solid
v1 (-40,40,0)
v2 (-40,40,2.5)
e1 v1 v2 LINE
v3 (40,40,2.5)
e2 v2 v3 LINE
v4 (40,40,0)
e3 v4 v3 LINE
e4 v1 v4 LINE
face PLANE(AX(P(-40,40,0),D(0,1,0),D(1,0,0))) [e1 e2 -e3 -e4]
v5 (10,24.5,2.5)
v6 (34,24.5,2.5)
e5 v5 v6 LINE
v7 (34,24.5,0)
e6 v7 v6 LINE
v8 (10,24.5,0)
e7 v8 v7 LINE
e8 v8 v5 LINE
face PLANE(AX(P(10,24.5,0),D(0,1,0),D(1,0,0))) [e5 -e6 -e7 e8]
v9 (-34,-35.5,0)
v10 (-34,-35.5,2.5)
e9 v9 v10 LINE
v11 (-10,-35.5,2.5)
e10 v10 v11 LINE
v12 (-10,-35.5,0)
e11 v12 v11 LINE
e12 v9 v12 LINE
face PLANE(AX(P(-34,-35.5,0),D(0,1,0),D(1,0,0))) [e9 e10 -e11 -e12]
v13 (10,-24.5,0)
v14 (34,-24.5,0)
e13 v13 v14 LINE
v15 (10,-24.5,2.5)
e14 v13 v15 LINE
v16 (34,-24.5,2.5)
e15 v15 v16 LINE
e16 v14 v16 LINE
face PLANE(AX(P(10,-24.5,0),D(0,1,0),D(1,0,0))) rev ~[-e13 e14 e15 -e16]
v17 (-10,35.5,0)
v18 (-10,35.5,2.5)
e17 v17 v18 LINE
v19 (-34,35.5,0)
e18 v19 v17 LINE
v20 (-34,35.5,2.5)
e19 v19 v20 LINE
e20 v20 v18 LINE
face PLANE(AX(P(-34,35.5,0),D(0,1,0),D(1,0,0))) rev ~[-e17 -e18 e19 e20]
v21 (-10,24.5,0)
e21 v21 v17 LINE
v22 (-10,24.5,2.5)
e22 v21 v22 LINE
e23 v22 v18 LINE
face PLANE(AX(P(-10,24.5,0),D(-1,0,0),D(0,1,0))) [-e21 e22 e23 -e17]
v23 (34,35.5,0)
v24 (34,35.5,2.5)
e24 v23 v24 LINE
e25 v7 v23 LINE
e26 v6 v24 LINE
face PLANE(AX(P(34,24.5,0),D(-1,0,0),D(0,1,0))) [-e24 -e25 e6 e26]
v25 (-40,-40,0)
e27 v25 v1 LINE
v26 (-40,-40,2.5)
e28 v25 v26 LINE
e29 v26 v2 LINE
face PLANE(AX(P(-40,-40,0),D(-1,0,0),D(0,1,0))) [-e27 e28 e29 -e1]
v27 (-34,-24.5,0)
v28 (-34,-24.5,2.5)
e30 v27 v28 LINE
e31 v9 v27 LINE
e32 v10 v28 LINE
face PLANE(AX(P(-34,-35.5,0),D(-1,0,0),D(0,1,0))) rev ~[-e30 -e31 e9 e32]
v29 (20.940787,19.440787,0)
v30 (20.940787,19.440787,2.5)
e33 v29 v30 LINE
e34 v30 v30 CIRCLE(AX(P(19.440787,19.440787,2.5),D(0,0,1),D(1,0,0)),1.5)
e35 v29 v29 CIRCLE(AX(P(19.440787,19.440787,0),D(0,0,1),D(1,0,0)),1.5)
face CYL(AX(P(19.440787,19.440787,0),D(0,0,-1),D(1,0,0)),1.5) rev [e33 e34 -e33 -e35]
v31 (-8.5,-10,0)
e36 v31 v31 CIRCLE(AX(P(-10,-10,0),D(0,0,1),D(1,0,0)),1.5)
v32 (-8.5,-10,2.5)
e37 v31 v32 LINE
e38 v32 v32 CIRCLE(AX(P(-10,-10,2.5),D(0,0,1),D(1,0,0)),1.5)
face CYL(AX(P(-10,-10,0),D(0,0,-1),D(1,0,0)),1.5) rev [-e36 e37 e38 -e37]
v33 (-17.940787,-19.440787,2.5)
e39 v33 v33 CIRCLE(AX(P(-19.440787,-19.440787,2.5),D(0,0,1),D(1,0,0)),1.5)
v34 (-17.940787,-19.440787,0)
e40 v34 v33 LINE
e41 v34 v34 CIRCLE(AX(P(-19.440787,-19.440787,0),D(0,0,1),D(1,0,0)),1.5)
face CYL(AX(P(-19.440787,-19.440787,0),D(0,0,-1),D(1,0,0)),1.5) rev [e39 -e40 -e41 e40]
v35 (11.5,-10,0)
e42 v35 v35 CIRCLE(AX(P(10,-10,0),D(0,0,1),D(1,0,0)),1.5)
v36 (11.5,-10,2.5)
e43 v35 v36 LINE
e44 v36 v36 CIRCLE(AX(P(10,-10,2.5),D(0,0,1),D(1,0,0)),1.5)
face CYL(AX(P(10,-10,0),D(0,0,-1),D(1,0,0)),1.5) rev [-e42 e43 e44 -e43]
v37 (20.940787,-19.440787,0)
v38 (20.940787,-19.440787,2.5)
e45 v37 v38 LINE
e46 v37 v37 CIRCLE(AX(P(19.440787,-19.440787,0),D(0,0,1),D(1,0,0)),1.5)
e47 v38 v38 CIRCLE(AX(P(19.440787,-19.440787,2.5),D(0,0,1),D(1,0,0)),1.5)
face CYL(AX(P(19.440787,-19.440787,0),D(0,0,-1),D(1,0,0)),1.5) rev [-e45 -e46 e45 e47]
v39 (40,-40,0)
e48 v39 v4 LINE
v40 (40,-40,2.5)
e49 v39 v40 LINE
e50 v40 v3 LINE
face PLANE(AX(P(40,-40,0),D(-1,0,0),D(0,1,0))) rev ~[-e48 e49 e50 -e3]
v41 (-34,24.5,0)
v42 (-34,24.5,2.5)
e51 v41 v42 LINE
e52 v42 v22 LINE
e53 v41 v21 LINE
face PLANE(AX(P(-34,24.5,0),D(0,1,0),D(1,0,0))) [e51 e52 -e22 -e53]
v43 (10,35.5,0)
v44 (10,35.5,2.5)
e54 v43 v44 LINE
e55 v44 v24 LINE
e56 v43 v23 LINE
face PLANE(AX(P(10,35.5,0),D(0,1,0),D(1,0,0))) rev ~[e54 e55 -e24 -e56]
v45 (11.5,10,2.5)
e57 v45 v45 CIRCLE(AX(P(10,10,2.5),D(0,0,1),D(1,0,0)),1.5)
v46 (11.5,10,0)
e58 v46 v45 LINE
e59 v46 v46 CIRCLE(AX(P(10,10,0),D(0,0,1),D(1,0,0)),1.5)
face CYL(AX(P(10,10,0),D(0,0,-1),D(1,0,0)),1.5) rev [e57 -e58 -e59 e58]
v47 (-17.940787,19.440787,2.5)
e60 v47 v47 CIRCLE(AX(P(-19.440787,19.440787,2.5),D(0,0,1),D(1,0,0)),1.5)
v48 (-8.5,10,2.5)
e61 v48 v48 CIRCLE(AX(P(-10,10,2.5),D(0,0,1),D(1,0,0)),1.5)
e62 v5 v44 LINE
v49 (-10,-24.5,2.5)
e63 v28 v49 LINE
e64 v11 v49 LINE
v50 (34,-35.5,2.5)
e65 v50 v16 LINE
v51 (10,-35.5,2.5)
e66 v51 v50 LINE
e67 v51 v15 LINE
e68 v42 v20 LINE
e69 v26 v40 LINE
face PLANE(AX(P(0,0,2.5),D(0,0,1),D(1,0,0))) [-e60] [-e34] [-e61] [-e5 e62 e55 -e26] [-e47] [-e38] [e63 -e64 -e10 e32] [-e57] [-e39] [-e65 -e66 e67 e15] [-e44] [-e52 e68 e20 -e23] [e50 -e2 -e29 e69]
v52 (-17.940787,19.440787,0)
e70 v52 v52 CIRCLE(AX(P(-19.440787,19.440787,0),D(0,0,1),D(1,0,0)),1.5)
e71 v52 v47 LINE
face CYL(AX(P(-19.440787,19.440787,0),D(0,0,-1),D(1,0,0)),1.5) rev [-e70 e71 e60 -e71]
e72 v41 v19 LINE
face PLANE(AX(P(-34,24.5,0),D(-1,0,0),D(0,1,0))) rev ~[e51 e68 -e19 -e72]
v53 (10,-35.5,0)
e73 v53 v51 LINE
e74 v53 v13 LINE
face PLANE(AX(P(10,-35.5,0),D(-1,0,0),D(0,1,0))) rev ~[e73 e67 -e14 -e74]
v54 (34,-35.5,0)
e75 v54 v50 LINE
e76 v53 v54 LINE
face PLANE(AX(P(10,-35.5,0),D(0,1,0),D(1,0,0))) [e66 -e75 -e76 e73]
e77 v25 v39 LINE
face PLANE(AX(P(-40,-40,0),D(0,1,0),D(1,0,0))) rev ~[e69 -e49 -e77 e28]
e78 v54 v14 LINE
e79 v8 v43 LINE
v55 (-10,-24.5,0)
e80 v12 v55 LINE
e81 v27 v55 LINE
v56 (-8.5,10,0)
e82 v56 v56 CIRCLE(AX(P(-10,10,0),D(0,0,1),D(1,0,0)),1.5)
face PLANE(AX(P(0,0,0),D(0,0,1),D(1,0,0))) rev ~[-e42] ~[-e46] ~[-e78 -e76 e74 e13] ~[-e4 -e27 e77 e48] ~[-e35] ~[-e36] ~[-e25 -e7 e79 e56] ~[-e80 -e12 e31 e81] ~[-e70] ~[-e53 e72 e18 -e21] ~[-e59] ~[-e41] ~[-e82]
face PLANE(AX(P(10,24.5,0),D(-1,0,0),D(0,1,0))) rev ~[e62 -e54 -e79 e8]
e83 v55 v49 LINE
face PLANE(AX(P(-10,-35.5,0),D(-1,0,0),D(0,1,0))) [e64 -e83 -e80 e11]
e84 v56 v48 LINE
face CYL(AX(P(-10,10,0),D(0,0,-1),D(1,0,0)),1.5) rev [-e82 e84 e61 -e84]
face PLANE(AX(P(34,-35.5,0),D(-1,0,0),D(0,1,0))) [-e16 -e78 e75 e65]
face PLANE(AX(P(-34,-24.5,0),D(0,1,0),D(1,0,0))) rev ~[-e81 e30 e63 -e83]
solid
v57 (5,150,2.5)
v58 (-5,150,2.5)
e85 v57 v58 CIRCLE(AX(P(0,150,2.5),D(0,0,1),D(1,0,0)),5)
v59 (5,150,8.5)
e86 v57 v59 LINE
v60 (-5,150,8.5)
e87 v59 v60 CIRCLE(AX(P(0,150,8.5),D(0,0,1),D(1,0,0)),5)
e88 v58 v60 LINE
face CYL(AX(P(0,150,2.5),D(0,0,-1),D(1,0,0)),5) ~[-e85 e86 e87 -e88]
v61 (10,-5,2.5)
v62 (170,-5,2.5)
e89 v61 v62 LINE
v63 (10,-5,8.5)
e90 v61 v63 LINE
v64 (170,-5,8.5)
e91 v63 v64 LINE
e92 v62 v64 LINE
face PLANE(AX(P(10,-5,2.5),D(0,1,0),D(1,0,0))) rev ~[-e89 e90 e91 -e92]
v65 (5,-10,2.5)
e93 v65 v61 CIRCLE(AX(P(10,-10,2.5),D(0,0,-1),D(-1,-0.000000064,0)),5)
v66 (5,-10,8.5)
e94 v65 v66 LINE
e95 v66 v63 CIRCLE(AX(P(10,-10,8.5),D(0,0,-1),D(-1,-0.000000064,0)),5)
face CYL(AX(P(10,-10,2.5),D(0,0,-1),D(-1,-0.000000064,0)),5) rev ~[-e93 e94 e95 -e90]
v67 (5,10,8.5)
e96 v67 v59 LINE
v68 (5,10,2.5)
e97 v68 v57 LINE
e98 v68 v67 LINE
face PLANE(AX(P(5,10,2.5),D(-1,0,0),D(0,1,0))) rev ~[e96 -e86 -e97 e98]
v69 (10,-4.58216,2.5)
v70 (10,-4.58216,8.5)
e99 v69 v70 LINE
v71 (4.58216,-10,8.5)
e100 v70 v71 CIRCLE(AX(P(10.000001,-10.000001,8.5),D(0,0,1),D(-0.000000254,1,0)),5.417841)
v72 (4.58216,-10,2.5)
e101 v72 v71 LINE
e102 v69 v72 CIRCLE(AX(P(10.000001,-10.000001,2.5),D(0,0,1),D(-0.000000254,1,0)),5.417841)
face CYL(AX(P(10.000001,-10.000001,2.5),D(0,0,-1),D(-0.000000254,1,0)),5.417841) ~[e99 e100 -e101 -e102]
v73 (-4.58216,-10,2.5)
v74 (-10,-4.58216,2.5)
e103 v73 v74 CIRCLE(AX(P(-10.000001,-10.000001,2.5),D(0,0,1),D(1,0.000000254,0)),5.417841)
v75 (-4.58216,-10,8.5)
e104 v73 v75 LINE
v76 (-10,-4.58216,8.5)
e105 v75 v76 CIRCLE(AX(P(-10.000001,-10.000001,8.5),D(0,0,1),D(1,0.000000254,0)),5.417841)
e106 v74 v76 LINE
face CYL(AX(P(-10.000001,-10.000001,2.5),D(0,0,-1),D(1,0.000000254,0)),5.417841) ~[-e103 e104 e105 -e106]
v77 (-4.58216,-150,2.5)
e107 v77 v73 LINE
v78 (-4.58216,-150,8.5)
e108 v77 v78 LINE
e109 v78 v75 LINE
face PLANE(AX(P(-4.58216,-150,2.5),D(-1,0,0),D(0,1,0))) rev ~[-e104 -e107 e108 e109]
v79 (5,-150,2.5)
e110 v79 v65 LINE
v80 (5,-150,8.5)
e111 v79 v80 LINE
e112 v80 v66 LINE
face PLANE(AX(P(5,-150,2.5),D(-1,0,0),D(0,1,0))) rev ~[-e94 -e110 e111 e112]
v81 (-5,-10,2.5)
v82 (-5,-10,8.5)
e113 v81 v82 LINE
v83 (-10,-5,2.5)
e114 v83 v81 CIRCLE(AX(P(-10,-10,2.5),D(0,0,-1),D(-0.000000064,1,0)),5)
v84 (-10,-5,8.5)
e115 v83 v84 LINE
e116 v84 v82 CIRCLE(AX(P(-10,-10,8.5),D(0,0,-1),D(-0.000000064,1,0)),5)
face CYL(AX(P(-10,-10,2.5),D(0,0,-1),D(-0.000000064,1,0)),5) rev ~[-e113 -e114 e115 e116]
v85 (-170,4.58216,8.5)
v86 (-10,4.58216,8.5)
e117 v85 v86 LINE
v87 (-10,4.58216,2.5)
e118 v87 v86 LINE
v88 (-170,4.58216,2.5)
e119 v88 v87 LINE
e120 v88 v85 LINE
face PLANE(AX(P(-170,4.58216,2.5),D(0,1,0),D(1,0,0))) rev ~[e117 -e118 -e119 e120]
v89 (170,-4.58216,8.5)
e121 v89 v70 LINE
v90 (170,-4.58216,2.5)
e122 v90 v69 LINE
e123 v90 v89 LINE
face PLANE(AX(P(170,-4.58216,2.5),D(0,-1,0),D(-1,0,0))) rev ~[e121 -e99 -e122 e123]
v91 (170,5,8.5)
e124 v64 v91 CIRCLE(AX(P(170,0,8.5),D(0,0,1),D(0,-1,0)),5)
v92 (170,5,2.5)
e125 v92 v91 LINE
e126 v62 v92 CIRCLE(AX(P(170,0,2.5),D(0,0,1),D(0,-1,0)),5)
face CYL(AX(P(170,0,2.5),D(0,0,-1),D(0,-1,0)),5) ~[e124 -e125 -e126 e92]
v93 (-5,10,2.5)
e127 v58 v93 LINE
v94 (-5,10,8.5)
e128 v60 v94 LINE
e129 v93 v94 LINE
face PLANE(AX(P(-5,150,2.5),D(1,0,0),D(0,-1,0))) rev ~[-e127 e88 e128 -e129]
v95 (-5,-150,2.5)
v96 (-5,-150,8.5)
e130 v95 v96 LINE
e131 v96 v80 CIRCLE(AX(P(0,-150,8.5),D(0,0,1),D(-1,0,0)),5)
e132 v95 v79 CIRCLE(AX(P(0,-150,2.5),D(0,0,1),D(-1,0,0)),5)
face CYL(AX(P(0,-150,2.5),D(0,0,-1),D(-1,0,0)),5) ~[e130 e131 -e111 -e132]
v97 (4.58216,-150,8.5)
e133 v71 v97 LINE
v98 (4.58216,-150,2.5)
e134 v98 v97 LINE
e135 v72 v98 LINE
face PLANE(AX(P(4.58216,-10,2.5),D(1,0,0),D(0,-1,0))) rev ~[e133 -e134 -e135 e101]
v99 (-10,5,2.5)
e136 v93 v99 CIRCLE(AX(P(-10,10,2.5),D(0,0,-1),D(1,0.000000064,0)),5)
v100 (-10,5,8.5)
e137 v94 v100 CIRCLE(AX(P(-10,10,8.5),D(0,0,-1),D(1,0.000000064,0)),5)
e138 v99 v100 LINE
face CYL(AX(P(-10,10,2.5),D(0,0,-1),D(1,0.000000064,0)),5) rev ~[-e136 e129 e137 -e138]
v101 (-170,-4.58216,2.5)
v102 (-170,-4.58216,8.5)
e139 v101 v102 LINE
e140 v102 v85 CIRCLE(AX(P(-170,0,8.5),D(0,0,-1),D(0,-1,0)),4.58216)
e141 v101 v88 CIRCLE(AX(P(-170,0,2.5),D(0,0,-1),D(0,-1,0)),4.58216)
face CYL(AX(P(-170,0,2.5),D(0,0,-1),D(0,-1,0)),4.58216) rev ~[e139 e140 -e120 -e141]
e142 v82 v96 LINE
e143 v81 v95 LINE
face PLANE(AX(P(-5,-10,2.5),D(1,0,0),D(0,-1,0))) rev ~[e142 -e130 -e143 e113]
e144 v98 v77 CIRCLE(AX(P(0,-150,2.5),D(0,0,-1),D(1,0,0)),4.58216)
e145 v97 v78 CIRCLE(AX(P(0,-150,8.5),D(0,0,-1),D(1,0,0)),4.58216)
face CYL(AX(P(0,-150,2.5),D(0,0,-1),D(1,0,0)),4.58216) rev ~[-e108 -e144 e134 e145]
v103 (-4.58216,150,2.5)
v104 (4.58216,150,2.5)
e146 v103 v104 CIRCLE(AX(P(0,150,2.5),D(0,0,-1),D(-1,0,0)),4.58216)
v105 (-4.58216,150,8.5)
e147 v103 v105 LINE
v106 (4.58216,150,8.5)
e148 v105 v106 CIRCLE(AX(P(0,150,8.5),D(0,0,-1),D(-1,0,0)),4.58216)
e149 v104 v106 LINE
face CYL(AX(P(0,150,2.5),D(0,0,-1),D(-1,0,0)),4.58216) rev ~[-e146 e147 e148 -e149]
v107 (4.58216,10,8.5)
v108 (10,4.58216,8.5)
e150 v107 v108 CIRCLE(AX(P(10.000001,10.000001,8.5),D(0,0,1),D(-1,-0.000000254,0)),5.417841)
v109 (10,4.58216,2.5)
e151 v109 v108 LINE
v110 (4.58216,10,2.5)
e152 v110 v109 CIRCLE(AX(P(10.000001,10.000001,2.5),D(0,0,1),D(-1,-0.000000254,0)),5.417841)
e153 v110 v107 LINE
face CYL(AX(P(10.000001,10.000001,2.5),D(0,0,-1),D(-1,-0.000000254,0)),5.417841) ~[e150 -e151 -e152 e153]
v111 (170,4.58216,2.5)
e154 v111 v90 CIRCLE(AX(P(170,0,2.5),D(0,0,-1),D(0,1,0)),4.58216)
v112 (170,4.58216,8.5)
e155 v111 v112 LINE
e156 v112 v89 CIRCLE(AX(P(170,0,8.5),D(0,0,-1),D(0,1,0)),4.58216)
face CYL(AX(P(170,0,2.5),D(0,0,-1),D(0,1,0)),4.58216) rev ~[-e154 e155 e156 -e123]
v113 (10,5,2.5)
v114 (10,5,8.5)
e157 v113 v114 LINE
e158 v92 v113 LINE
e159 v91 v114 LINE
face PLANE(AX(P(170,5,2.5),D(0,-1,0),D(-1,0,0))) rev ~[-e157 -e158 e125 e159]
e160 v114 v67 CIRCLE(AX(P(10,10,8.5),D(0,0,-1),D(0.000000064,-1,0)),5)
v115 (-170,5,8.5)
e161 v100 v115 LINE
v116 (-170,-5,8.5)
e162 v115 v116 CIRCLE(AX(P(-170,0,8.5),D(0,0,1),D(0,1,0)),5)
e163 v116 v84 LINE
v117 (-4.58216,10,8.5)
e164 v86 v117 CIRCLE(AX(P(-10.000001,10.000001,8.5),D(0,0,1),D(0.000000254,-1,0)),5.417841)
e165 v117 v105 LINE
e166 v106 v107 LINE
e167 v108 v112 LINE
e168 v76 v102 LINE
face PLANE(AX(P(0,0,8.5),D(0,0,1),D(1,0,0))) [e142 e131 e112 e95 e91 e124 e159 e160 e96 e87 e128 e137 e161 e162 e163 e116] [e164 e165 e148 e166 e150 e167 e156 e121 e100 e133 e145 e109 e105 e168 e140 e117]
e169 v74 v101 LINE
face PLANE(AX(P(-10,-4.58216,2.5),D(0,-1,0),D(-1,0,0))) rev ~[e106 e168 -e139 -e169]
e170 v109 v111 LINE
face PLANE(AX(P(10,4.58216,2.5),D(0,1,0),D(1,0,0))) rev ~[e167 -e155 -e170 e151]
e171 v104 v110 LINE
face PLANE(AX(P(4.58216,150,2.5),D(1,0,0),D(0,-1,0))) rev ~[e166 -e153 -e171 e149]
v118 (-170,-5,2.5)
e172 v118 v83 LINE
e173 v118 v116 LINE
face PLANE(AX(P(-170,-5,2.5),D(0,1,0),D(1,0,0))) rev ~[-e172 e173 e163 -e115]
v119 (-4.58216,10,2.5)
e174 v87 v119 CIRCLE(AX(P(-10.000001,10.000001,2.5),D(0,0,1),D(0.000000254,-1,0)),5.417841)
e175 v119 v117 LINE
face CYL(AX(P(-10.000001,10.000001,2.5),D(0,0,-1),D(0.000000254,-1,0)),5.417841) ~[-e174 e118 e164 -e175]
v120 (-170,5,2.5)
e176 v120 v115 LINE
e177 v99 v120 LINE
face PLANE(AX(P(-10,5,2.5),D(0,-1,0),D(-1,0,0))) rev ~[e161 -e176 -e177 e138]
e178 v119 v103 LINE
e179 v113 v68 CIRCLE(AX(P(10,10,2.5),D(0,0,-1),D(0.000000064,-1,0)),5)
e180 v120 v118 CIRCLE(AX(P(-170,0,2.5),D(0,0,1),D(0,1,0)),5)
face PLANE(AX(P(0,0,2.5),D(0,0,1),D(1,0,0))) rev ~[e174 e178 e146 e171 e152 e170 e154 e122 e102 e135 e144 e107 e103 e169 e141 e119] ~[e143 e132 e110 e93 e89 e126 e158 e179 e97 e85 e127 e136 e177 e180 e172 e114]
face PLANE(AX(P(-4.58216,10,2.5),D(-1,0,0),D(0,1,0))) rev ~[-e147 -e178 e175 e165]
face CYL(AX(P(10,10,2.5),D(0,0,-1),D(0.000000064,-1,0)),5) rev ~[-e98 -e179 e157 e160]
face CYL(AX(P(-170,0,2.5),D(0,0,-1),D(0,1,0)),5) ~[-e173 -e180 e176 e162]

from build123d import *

# Parameters (mm, degrees)
F0_W     = 80
F0_H     = 80
F0_W_2   = 24
F0_H_2   = 11
F0_R     = 1.5
F1_DEPTH = 2.5
F3_DEPTH = 6


with BuildPart() as f1:
    # F0 (on Top) → F1 (new body)
    with BuildSketch(Plane.XY):
        Rectangle(F0_W, F0_H)
        with Locations((-22, -30)):
            Rectangle(F0_W_2, F0_H_2, mode=Mode.SUBTRACT)
        with Locations((-19.440787, -19.440787)):
            Circle(F0_R, mode=Mode.SUBTRACT)
        with Locations((-10, -10)):
            Circle(F0_R, mode=Mode.SUBTRACT)
        with Locations((22, -30)):
            Rectangle(F0_W_2, F0_H_2, mode=Mode.SUBTRACT)
        with Locations((19.440787, -19.440787)):
            Circle(F0_R, mode=Mode.SUBTRACT)
        with Locations((10, -10)):
            Circle(F0_R, mode=Mode.SUBTRACT)
        with Locations((-19.440787, 19.440787)):
            Circle(F0_R, mode=Mode.SUBTRACT)
        with Locations((-10, 10)):
            Circle(F0_R, mode=Mode.SUBTRACT)
        with Locations((-22, 30)):
            Rectangle(F0_W_2, F0_H_2, mode=Mode.SUBTRACT)
        with Locations((10, 10)):
            Circle(F0_R, mode=Mode.SUBTRACT)
        with Locations((19.440787, 19.440787)):
            Circle(F0_R, mode=Mode.SUBTRACT)
        with Locations((22, 30)):
            Rectangle(F0_W_2, F0_H_2, mode=Mode.SUBTRACT)
    extrude(amount=F1_DEPTH)


with BuildPart() as f3:
    # F2 (on face) → F3 (new body)
    with BuildSketch(Plane.XY.offset(2.5)):
        with BuildLine():
            Line((-10, 5), (-170, 5))
            ThreePointArc((-170, 5), (-175, 0), (-170, -5))
            Line((-170, -5), (-10, -5))
            ThreePointArc((-10, -5), (-6.464466, -6.464466), (-5, -10))
            Line((-5, -10), (-5, -150))
            ThreePointArc((-5, -150), (0, -155), (5, -150))
            Line((5, -150), (5, -10))
            ThreePointArc((5, -10), (6.464466, -6.464466), (10, -5))
            Line((10, -5), (170, -5))
            ThreePointArc((170, -5), (175, 0), (170, 5))
            Line((170, 5), (10, 5))
            ThreePointArc((10, 5), (6.464466, 6.464466), (5, 10))
            Line((5, 10), (5, 150))
            ThreePointArc((5, 150), (0, 155), (-5, 150))
            Line((-5, 150), (-5, 10))
            ThreePointArc((-5, 10), (-6.464466, 6.464466), (-10, 5))
        make_face()
        with BuildLine():
            ThreePointArc((-170, -4.58216), (-174.58216, 0), (-170, 4.58216))
            Line((-170, 4.58216), (-10, 4.58216))
            ThreePointArc((-10, 4.58216), (-6.169009, 6.169009), (-4.58216, 10))
            Line((-4.58216, 10), (-4.58216, 150))
            ThreePointArc((-4.58216, 150), (0, 154.58216), (4.58216, 150))
            Line((4.58216, 150), (4.58216, 10))
            ThreePointArc((4.58216, 10), (6.169009, 6.169009), (10, 4.58216))
            Line((10, 4.58216), (170, 4.58216))
            ThreePointArc((170, 4.58216), (174.58216, 0), (170, -4.58216))
            Line((170, -4.58216), (10, -4.58216))
            ThreePointArc((10, -4.58216), (6.169009, -6.169009), (4.58216, -10))
            Line((4.58216, -10), (4.58216, -150))
            ThreePointArc((4.58216, -150), (0, -154.58216), (-4.58216, -150))
            Line((-4.58216, -150), (-4.58216, -10))
            ThreePointArc((-4.58216, -10), (-6.169009, -6.169009), (-10, -4.58216))
            Line((-10, -4.58216), (-170, -4.58216))
        make_face(mode=Mode.SUBTRACT)
    extrude(amount=F3_DEPTH)


solid = Compound([f1.part, f3.part])
